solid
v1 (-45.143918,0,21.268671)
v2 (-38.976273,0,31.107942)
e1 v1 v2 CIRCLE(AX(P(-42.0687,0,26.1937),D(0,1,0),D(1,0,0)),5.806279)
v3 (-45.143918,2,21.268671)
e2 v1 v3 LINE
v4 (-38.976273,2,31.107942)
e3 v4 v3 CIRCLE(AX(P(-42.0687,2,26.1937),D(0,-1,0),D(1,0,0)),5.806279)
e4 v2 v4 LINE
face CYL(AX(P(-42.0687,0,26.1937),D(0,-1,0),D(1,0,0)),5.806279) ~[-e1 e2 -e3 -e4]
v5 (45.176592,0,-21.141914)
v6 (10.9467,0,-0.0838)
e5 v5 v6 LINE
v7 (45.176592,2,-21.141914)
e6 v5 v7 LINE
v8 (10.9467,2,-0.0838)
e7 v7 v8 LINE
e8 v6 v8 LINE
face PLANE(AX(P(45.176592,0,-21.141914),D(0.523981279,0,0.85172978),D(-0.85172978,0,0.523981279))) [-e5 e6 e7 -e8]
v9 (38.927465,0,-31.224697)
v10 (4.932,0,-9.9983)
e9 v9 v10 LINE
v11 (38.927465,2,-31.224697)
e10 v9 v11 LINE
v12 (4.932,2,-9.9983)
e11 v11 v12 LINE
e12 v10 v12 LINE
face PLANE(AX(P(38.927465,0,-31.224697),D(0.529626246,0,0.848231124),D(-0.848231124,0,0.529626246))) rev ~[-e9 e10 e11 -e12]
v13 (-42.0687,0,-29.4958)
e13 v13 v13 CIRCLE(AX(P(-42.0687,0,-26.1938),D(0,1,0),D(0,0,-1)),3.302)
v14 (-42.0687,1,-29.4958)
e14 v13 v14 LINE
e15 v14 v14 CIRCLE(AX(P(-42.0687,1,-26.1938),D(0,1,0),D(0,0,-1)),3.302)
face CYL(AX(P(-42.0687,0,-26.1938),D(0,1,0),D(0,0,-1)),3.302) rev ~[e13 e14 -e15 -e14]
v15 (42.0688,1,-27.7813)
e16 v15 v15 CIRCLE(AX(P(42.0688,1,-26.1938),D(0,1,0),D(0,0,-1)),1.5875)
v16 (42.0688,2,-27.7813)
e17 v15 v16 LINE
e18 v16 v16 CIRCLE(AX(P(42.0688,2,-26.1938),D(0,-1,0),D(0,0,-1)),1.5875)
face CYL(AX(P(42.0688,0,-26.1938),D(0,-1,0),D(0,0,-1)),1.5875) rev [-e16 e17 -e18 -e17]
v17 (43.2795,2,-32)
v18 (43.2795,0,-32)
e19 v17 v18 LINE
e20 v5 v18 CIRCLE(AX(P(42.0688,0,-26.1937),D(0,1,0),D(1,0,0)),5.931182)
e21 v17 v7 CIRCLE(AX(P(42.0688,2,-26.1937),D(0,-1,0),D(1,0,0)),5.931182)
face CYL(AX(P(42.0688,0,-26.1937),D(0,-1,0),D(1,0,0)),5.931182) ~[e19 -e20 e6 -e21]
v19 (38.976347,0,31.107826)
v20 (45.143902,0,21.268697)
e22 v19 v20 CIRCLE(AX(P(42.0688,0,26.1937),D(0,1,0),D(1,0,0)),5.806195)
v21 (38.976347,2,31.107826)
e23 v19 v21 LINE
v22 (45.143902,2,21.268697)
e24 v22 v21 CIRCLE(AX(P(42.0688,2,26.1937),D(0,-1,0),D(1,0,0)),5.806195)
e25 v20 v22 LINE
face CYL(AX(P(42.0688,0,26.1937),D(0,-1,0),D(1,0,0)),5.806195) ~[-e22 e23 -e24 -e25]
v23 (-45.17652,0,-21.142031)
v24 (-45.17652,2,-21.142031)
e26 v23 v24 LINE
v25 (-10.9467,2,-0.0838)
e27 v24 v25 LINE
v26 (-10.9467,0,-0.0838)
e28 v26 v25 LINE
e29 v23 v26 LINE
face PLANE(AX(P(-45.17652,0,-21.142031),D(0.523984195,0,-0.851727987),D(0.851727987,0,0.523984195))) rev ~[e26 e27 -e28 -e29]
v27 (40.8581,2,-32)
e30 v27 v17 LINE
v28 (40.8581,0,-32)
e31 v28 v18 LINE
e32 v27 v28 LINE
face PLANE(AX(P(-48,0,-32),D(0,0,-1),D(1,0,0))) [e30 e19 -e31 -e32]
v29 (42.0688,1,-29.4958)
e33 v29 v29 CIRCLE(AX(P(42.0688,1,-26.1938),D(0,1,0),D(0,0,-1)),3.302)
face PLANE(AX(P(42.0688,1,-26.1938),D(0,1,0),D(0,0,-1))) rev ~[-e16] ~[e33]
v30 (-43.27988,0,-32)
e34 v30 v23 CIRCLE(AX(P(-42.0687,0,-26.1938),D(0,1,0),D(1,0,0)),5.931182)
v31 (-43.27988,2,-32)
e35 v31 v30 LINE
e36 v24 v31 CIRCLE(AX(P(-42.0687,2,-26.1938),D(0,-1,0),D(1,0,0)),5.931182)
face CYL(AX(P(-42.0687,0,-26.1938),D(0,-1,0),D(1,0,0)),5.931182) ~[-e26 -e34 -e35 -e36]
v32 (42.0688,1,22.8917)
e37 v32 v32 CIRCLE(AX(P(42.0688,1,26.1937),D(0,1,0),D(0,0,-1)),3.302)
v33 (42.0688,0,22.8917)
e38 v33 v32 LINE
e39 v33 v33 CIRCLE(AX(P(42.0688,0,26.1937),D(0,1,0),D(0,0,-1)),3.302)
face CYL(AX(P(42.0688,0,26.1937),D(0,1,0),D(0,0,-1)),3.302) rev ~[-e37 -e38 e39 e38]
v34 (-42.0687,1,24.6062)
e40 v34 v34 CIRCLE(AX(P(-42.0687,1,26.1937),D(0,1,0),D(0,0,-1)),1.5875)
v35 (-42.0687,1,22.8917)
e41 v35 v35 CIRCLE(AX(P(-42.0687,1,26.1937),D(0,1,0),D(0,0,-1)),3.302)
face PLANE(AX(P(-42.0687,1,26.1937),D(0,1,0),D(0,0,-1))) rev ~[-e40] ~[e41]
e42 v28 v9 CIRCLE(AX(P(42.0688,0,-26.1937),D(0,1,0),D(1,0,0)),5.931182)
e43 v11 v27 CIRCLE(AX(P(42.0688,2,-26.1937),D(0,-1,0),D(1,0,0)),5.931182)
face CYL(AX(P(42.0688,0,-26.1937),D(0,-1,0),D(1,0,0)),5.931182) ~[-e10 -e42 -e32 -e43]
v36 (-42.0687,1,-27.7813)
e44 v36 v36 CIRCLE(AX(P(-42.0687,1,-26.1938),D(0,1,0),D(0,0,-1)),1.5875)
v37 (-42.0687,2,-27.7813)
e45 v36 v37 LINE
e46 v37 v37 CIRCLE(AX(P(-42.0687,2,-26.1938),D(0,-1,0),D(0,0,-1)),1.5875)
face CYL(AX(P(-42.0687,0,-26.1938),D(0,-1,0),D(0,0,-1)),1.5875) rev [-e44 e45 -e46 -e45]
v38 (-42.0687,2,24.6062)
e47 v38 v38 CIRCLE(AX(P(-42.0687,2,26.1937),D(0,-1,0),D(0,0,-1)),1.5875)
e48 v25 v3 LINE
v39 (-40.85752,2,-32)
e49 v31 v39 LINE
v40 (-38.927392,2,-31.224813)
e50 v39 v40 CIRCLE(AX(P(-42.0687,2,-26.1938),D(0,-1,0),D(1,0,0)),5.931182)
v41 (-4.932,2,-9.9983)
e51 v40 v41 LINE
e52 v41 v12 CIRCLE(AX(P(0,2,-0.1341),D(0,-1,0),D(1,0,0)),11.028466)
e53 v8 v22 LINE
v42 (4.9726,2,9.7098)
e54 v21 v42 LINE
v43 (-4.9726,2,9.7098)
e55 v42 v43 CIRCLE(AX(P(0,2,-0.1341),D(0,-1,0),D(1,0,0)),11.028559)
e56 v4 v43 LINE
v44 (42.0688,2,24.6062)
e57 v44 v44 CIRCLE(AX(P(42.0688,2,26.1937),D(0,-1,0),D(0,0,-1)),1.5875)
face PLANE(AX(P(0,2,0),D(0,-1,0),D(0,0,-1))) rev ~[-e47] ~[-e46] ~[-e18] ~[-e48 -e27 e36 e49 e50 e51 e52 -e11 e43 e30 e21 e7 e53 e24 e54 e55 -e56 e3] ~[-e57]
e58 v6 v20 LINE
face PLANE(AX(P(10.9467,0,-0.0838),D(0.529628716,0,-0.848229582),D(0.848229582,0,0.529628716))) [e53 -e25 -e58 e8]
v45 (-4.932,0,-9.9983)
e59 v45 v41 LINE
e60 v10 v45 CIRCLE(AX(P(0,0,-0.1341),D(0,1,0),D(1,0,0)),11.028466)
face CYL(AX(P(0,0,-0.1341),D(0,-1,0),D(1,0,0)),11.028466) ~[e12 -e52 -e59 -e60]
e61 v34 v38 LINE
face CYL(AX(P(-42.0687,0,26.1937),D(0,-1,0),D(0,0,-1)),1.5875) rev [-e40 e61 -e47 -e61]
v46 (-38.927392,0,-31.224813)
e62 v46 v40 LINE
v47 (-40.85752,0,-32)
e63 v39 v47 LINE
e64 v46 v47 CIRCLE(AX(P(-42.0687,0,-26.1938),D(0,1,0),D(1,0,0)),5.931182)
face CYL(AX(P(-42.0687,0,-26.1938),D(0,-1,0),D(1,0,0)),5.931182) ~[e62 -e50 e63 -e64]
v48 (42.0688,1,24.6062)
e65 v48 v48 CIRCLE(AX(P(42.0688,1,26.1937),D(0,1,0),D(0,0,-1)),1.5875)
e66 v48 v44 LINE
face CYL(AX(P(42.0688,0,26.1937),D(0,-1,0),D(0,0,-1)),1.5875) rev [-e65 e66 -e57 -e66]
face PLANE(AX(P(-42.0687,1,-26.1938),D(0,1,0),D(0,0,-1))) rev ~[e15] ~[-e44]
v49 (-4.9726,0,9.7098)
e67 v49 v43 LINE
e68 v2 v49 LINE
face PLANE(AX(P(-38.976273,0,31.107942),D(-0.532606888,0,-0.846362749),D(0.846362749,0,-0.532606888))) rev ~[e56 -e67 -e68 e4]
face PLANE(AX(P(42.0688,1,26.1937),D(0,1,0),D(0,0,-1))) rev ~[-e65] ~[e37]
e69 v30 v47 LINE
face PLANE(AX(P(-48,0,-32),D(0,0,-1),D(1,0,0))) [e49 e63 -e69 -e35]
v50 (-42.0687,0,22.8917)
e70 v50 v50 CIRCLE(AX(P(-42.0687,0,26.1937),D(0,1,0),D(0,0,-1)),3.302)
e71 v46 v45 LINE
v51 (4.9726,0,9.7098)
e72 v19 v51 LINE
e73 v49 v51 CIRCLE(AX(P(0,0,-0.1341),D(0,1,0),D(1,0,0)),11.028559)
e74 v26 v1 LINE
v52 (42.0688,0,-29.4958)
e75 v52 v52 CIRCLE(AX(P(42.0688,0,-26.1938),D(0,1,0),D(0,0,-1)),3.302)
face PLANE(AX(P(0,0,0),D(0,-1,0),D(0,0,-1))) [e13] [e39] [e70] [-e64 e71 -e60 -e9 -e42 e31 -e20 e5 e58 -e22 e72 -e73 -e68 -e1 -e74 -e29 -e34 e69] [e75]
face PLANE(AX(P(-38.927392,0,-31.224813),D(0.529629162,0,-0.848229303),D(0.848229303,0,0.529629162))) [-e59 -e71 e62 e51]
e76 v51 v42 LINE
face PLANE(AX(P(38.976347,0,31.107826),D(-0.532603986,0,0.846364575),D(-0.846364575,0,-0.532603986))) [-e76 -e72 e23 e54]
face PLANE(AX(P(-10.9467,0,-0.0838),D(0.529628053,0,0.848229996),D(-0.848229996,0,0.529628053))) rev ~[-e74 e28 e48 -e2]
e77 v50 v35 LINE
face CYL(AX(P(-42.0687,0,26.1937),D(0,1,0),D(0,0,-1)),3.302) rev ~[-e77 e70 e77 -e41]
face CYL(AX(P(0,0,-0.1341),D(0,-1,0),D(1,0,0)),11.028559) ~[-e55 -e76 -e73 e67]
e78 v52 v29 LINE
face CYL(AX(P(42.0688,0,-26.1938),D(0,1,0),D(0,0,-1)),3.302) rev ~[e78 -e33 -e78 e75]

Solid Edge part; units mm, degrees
sketch "Sketch1" plane through (0, 0, 0) normal (0, -1, 0) x (1, 0, 0)
  line L0 (48, 32) -> (-48, 32)
  line L1 (-48, 32) -> (-48, -32)
  line L2 (-48, -32) -> (48, -32)
  line L3 (48, -32) -> (48, 32)
extrude "Protrusion1" add sketch "Sketch1" against normal blind 2
hole "Hole_1" at (-42.0687, 0, 26.1937) direction (0, 1, 0) diameter 3.175 end up to next counterbore diameter 6.604 counterbore depth 1
hole "Hole1" at (42.0688, 0, 26.1937) direction (0, 1, 0) diameter 3.175 end up to next counterbore diameter 6.604 counterbore depth 1
hole "Hole2" at (42.0688, 0, -26.1938) direction (0, 1, 0) diameter 3.175 end up to next counterbore diameter 6.604 counterbore depth 1
hole "Hole3" at (-42.0687, 0, -26.1938) direction (0, 1, 0) diameter 3.175 end up to next counterbore diameter 6.604 counterbore depth 1
sketch "Sketch2" plane through (0, 0, 0) normal (0, -1, 0) x (1, 0, 0)
  line L0 (59.2211, 38.1609) -> (-59.2211, 38.1609)
  line L1 (-59.2211, 38.1609) -> (-59.2211, -38.4291)
  line L2 (-59.2211, -38.4291) -> (59.2211, -38.4291)
  line L3 (59.2211, -38.4291) -> (59.2211, 38.1609)
  line L4 (-38.9763, 31.1079) -> (-4.9726, 9.7098)
  arc A0 (-4.9726, 9.7098) -> (4.9726, 9.7098) centre (0, -0.1341) cw
  line L5 (38.9763, 31.1079) -> (4.9726, 9.7098)
  line L6 (10.9467, -0.0838) -> (45.1439, 21.2687)
  line L7 (45.1766, -21.1419) -> (10.9467, -0.0838)
  line L8 (38.9274, -31.2248) -> (4.932, -9.9983)
  line L9 (-38.9274, -31.2248) -> (-4.932, -9.9983)
  line L10 (-45.1766, -21.1419) -> (-10.9467, -0.0838)
  line L11 (-10.9467, -0.0838) -> (-45.1439, 21.2687)
  arc A1 (38.9763, 31.1078) -> (45.1439, 21.2687) centre (42.0688, 26.1937) cw
  arc A2 (45.1766, -21.1419) -> (38.9275, -31.2247) centre (42.0688, -26.1937) cw
  arc A3 (4.932, -9.9983) -> (-4.932, -9.9983) centre (0, -0.1341) cw
  arc A4 (-38.9274, -31.2248) -> (-45.1765, -21.142) centre (-42.0687, -26.1938) cw
  arc A5 (-45.1439, 21.2687) -> (-38.9763, 31.108) centre (-42.0687, 26.1937) cw
extrude "Cutout1" cut sketch "Sketch2" against normal blind 174.286
